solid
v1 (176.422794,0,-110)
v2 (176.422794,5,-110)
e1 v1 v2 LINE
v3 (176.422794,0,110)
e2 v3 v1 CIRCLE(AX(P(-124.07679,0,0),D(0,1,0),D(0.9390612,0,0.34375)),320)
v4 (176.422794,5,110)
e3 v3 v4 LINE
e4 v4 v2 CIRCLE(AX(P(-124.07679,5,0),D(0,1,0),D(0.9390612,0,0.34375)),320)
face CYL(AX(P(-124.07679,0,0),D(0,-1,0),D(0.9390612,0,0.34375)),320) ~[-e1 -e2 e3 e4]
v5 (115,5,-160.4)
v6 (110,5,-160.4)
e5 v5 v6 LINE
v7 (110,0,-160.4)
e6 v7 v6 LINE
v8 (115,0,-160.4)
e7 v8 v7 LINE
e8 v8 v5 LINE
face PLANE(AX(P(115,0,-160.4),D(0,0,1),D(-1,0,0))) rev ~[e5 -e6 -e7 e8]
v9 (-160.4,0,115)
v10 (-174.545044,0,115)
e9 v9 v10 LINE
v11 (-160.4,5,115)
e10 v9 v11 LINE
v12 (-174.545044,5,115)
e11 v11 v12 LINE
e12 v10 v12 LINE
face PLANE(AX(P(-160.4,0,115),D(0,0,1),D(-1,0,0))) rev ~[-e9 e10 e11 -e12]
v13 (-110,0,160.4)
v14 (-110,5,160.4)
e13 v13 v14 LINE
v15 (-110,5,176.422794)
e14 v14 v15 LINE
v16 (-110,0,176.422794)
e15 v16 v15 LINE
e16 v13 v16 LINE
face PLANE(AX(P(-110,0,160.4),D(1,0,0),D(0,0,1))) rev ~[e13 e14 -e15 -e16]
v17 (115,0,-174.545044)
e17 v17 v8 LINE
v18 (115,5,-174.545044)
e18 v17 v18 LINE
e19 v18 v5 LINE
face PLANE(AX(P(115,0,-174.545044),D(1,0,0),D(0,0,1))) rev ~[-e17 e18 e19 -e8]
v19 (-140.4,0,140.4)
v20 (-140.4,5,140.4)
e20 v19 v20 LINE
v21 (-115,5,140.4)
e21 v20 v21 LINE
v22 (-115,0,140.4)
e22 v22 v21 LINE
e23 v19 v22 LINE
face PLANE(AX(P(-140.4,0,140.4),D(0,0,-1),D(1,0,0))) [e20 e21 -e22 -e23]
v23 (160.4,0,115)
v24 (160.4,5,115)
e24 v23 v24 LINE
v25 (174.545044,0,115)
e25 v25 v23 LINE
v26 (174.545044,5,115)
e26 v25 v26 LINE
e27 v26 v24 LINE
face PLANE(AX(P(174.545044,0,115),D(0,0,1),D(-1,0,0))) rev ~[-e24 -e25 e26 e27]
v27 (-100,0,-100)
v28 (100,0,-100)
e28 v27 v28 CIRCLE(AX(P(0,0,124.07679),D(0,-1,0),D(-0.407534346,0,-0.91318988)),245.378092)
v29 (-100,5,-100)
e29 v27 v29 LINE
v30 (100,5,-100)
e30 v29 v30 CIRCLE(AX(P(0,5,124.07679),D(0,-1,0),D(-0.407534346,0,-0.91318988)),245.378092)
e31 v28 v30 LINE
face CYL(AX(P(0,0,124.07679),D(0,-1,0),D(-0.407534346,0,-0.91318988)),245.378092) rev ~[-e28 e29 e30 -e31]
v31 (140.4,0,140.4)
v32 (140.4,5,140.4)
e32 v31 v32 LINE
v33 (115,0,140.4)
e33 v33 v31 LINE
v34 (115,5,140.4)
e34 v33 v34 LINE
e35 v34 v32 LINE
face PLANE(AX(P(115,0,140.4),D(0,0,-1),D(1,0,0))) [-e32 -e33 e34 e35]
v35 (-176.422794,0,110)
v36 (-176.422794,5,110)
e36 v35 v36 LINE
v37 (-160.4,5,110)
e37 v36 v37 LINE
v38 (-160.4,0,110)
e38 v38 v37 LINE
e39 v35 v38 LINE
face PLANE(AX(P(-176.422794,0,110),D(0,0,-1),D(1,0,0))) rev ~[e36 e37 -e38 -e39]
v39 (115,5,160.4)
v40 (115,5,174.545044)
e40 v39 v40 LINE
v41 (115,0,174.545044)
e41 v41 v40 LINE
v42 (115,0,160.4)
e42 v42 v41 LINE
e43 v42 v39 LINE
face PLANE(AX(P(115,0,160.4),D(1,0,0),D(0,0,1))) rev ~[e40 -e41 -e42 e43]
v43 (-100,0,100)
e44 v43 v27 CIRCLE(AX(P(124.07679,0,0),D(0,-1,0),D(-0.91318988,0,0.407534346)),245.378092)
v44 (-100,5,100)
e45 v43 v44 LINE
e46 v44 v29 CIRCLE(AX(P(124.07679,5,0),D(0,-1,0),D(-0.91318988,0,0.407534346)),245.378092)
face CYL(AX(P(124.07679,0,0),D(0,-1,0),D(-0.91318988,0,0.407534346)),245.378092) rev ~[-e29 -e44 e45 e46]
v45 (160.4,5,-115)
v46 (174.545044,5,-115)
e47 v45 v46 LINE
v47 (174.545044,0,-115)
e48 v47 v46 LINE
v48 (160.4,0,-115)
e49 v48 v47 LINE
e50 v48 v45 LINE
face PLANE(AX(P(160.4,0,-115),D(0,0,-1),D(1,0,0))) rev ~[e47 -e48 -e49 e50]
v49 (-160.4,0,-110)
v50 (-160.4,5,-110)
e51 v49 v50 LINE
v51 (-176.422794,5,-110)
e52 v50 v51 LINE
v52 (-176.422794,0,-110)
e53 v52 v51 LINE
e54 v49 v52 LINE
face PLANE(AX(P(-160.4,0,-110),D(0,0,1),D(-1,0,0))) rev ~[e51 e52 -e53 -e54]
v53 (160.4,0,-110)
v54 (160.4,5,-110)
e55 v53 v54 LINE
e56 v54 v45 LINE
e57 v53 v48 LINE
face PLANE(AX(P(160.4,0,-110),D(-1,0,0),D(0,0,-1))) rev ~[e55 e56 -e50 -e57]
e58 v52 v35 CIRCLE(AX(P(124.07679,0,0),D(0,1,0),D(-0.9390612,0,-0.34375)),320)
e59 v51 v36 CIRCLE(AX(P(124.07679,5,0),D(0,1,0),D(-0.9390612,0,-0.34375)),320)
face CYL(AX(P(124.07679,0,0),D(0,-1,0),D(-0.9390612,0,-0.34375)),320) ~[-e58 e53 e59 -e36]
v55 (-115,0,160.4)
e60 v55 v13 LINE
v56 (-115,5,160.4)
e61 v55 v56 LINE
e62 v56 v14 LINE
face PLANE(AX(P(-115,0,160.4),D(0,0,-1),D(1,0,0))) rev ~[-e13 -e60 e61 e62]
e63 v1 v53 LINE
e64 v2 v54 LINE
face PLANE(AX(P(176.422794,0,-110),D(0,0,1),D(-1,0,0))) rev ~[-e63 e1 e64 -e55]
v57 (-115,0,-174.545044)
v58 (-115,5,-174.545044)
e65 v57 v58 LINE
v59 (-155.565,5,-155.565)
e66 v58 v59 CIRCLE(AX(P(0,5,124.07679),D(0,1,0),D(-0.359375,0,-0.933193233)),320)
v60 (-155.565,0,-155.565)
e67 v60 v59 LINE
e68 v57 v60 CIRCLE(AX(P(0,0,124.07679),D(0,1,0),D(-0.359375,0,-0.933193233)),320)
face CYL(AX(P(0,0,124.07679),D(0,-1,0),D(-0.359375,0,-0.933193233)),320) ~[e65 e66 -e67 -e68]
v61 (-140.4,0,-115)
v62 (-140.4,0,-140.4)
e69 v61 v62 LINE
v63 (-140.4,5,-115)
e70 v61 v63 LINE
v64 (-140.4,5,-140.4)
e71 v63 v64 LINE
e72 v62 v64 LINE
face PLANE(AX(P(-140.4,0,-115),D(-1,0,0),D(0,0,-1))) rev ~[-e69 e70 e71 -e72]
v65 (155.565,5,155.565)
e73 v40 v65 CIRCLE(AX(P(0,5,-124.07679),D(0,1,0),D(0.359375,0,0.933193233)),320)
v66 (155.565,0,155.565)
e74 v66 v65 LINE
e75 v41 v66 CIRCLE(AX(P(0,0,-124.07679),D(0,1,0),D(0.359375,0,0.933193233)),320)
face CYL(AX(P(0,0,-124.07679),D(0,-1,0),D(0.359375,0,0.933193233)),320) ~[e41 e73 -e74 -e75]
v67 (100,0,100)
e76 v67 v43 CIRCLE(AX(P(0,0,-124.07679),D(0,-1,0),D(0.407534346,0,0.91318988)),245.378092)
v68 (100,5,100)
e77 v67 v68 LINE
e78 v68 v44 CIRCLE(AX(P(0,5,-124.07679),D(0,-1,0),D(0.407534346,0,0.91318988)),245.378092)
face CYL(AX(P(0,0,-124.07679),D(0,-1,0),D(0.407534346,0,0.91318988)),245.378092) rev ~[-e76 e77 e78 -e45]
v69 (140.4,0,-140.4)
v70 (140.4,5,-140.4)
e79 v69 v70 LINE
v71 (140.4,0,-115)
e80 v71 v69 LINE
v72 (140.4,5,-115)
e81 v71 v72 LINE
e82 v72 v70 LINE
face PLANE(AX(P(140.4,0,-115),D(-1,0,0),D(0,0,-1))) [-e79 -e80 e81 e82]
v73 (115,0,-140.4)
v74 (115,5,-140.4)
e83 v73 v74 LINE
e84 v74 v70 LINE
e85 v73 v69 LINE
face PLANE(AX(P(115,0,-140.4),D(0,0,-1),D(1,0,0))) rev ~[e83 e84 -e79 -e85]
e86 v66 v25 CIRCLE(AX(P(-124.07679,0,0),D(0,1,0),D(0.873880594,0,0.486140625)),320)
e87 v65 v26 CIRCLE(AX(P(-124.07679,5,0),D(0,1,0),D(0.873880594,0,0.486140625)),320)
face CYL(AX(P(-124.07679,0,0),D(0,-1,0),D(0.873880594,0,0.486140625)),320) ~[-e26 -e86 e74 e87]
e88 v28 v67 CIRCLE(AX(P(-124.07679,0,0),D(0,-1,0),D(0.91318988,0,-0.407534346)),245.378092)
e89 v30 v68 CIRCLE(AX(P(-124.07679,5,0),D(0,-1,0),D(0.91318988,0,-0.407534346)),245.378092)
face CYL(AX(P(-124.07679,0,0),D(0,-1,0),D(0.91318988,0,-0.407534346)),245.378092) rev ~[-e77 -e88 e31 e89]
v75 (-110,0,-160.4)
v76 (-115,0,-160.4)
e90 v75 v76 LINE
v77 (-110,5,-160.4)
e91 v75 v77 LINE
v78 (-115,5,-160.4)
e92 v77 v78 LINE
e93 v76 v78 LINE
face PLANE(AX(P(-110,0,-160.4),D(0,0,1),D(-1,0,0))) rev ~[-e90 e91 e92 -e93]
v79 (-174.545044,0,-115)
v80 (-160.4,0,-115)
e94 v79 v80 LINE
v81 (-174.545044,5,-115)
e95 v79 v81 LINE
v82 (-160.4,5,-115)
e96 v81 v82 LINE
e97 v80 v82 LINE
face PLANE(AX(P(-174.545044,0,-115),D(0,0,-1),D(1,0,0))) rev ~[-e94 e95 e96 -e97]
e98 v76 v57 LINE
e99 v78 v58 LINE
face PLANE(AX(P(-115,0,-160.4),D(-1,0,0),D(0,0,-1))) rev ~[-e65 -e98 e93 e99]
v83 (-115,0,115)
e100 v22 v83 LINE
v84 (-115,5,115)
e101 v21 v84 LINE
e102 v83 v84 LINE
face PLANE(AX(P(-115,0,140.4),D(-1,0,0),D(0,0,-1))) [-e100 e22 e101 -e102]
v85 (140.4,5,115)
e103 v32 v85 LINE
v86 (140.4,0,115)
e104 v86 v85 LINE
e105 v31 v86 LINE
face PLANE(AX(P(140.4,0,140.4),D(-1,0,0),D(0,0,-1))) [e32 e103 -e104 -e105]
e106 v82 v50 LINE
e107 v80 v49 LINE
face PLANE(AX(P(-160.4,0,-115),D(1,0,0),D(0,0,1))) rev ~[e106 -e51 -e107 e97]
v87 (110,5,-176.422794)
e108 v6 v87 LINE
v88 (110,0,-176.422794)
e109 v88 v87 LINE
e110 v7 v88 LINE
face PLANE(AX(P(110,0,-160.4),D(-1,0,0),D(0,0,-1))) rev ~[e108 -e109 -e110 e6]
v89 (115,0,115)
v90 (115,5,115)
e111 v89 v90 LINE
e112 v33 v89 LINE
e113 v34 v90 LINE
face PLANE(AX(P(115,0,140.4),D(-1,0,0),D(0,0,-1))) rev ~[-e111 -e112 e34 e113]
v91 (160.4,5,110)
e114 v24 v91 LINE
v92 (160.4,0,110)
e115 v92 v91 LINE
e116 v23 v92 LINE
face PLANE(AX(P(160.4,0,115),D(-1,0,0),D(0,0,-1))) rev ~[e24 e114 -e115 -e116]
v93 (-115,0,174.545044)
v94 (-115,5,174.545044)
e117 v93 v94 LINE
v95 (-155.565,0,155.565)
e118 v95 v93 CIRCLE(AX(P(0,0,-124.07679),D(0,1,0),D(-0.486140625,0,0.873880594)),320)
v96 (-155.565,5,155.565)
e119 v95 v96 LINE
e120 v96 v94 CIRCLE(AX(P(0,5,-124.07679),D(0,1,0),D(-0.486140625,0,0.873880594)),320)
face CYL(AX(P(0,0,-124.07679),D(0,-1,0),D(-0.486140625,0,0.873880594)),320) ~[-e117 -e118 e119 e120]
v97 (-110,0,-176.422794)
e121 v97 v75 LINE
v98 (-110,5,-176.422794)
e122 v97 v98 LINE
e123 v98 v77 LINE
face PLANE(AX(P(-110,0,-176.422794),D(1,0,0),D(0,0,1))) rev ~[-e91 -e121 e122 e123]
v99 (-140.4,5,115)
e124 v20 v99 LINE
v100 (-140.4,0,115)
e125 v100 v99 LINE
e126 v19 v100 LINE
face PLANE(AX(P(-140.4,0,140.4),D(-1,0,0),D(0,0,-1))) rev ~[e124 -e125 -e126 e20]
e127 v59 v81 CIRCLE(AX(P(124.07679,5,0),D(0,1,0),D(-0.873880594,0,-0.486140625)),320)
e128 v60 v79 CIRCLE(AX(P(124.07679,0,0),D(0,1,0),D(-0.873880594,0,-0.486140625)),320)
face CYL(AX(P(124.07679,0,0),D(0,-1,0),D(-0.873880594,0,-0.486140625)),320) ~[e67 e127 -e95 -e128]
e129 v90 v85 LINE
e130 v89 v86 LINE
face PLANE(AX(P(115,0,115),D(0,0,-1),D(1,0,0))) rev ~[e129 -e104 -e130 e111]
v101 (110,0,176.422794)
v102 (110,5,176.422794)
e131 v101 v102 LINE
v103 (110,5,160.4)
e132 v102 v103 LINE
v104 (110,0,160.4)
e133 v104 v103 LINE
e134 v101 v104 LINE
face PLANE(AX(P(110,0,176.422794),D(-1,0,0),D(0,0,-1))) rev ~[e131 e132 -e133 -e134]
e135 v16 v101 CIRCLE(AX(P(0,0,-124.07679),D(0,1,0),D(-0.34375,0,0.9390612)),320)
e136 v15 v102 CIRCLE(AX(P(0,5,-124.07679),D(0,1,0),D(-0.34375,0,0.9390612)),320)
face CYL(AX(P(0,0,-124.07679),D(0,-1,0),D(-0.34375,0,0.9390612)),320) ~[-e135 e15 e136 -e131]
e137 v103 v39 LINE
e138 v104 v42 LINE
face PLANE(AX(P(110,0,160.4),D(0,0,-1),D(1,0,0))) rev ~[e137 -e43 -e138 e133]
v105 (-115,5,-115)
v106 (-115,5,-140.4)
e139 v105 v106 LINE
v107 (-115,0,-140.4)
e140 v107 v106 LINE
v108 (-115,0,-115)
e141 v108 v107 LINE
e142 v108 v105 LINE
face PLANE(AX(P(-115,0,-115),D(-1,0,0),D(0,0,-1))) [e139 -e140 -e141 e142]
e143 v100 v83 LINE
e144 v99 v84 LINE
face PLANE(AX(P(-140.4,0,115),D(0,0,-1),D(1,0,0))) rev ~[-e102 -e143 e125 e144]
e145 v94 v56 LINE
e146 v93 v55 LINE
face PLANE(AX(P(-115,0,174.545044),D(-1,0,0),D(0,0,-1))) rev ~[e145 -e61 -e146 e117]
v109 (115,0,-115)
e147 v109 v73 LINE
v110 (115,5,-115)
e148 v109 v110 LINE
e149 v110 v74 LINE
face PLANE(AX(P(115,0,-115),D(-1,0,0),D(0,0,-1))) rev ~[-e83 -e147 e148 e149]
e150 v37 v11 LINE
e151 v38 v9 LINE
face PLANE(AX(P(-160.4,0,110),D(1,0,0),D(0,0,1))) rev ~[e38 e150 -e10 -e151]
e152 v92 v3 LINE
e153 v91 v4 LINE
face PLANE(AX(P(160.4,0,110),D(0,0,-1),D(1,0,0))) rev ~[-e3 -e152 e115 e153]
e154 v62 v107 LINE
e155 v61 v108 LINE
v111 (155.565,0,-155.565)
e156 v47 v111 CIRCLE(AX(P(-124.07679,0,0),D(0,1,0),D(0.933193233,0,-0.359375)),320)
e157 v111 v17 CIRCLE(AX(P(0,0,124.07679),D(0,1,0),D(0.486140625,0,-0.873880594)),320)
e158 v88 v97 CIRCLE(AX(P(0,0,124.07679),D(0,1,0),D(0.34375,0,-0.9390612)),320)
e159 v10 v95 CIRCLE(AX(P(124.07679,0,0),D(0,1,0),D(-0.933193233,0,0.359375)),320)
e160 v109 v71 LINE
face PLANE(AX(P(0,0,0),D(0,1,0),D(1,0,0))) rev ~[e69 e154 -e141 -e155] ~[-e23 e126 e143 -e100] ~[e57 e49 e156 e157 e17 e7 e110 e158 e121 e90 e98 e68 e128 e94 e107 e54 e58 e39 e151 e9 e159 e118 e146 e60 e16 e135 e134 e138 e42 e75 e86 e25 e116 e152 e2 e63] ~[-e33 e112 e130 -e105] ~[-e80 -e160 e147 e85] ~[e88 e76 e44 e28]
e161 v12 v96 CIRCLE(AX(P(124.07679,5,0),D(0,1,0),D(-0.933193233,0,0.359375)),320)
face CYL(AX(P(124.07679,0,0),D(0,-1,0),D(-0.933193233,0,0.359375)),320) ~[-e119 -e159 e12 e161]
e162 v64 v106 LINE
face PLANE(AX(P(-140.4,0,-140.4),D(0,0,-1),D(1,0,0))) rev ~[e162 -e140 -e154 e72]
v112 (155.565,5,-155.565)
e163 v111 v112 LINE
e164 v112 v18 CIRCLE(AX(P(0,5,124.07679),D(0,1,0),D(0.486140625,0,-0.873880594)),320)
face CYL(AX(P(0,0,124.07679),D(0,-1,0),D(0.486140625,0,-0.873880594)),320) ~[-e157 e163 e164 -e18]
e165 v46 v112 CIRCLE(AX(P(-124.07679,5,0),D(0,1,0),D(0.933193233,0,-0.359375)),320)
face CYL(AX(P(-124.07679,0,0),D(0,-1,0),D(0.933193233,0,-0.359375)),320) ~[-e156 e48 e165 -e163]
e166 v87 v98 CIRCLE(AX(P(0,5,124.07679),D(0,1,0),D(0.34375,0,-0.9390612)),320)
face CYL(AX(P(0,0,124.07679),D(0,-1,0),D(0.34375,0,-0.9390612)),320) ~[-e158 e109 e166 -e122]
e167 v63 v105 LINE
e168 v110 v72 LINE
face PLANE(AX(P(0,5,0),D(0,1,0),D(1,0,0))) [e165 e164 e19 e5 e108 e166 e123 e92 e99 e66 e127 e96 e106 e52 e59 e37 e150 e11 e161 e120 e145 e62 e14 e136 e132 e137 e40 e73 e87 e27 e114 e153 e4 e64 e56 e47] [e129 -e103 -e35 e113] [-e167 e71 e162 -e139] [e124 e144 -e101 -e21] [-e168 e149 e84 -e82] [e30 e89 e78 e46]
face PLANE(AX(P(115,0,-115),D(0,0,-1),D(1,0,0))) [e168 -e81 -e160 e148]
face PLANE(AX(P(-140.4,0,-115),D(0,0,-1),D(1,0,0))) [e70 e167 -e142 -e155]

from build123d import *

# Parameters (mm, degrees)
SKETCH1_W           = 25.4
SKETCH1_H           = 25.4
BOSS_EXTRUDE1_DEPTH = 5


with BuildPart() as part:
    # Sketch1 → Boss-Extrude1 (new body)
    with BuildSketch(Plane(origin=(0, 0, 0), x_dir=(1, 0, 0), z_dir=(0, 1, 0))):
        with BuildLine():
            Line((115, 160.4), (110, 160.4))
            Line((110, 160.4), (110, 176.422793918))
            ThreePointArc((110, 176.422793918), (0, 195.923209892), (-110, 176.422793918))
            Line((-110, 176.422793918), (-110, 160.4))
            Line((-110, 160.4), (-115, 160.4))
            Line((-115, 160.4), (-115, 174.545044324))
            ThreePointArc((-115, 174.545044324), (-135.614952446, 165.765554405), (-155.565, 155.565))
            ThreePointArc((-155.565, 155.565), (-165.765554405, 135.614952446), (-174.545044324, 115))
            Line((-174.545044324, 115), (-160.4, 115))
            Line((-160.4, 115), (-160.4, 110))
            Line((-160.4, 110), (-176.422793918, 110))
            ThreePointArc((-176.422793918, 110), (-195.923209892, 0), (-176.422793918, -110))
            Line((-176.422793918, -110), (-160.4, -110))
            Line((-160.4, -110), (-160.4, -115))
            Line((-160.4, -115), (-174.545044324, -115))
            ThreePointArc((-174.545044324, -115), (-165.765554405, -135.614952446), (-155.565, -155.565))
            ThreePointArc((-155.565, -155.565), (-135.614952446, -165.765554405), (-115, -174.545044324))
            Line((-115, -174.545044324), (-115, -160.4))
            Line((-115, -160.4), (-110, -160.4))
            Line((-110, -160.4), (-110, -176.422793918))
            ThreePointArc((-110, -176.422793918), (0, -195.923209892), (110, -176.422793918))
            Line((110, -176.422793918), (110, -160.4))
            Line((110, -160.4), (115, -160.4))
            Line((115, -160.4), (115, -174.545044324))
            ThreePointArc((115, -174.545044324), (135.614952446, -165.765554405), (155.565, -155.565))
            ThreePointArc((155.565, -155.565), (165.765554405, -135.614952446), (174.545044324, -115))
            Line((174.545044324, -115), (160.4, -115))
            Line((160.4, -115), (160.4, -110))
            Line((160.4, -110), (176.422793918, -110))
            ThreePointArc((176.422793918, -110), (195.923209892, 0), (176.422793918, 110))
            Line((176.422793918, 110), (160.4, 110))
            Line((160.4, 110), (160.4, 115))
            Line((160.4, 115), (174.545044324, 115))
            ThreePointArc((174.545044324, 115), (165.765554405, 135.614952446), (155.565, 155.565))
            ThreePointArc((155.565, 155.565), (135.614952446, 165.765554405), (115, 174.545044324))
            Line((115, 174.545044324), (115, 160.4))
        make_face()
        with Locations((127.7, 127.7)):
            Rectangle(SKETCH1_W, SKETCH1_H, mode=Mode.SUBTRACT)
        with Locations((-127.7, 127.7)):
            Rectangle(SKETCH1_W, SKETCH1_H, mode=Mode.SUBTRACT)
        with Locations((127.7, -127.7)):
            Rectangle(SKETCH1_W, SKETCH1_H, mode=Mode.SUBTRACT)
        with Locations((-127.7, -127.7)):
            Rectangle(SKETCH1_W, SKETCH1_H, mode=Mode.SUBTRACT)
        with BuildLine():
            ThreePointArc((-100, 100), (0, 121.301301549), (100, 100))
            ThreePointArc((100, 100), (121.301301549, 0), (100, -100))
            ThreePointArc((100, -100), (0, -121.301301549), (-100, -100))
            ThreePointArc((-100, -100), (-121.301301549, 0), (-100, 100))
        make_face(mode=Mode.SUBTRACT)
    extrude(amount=BOSS_EXTRUDE1_DEPTH)


solid = part.part
